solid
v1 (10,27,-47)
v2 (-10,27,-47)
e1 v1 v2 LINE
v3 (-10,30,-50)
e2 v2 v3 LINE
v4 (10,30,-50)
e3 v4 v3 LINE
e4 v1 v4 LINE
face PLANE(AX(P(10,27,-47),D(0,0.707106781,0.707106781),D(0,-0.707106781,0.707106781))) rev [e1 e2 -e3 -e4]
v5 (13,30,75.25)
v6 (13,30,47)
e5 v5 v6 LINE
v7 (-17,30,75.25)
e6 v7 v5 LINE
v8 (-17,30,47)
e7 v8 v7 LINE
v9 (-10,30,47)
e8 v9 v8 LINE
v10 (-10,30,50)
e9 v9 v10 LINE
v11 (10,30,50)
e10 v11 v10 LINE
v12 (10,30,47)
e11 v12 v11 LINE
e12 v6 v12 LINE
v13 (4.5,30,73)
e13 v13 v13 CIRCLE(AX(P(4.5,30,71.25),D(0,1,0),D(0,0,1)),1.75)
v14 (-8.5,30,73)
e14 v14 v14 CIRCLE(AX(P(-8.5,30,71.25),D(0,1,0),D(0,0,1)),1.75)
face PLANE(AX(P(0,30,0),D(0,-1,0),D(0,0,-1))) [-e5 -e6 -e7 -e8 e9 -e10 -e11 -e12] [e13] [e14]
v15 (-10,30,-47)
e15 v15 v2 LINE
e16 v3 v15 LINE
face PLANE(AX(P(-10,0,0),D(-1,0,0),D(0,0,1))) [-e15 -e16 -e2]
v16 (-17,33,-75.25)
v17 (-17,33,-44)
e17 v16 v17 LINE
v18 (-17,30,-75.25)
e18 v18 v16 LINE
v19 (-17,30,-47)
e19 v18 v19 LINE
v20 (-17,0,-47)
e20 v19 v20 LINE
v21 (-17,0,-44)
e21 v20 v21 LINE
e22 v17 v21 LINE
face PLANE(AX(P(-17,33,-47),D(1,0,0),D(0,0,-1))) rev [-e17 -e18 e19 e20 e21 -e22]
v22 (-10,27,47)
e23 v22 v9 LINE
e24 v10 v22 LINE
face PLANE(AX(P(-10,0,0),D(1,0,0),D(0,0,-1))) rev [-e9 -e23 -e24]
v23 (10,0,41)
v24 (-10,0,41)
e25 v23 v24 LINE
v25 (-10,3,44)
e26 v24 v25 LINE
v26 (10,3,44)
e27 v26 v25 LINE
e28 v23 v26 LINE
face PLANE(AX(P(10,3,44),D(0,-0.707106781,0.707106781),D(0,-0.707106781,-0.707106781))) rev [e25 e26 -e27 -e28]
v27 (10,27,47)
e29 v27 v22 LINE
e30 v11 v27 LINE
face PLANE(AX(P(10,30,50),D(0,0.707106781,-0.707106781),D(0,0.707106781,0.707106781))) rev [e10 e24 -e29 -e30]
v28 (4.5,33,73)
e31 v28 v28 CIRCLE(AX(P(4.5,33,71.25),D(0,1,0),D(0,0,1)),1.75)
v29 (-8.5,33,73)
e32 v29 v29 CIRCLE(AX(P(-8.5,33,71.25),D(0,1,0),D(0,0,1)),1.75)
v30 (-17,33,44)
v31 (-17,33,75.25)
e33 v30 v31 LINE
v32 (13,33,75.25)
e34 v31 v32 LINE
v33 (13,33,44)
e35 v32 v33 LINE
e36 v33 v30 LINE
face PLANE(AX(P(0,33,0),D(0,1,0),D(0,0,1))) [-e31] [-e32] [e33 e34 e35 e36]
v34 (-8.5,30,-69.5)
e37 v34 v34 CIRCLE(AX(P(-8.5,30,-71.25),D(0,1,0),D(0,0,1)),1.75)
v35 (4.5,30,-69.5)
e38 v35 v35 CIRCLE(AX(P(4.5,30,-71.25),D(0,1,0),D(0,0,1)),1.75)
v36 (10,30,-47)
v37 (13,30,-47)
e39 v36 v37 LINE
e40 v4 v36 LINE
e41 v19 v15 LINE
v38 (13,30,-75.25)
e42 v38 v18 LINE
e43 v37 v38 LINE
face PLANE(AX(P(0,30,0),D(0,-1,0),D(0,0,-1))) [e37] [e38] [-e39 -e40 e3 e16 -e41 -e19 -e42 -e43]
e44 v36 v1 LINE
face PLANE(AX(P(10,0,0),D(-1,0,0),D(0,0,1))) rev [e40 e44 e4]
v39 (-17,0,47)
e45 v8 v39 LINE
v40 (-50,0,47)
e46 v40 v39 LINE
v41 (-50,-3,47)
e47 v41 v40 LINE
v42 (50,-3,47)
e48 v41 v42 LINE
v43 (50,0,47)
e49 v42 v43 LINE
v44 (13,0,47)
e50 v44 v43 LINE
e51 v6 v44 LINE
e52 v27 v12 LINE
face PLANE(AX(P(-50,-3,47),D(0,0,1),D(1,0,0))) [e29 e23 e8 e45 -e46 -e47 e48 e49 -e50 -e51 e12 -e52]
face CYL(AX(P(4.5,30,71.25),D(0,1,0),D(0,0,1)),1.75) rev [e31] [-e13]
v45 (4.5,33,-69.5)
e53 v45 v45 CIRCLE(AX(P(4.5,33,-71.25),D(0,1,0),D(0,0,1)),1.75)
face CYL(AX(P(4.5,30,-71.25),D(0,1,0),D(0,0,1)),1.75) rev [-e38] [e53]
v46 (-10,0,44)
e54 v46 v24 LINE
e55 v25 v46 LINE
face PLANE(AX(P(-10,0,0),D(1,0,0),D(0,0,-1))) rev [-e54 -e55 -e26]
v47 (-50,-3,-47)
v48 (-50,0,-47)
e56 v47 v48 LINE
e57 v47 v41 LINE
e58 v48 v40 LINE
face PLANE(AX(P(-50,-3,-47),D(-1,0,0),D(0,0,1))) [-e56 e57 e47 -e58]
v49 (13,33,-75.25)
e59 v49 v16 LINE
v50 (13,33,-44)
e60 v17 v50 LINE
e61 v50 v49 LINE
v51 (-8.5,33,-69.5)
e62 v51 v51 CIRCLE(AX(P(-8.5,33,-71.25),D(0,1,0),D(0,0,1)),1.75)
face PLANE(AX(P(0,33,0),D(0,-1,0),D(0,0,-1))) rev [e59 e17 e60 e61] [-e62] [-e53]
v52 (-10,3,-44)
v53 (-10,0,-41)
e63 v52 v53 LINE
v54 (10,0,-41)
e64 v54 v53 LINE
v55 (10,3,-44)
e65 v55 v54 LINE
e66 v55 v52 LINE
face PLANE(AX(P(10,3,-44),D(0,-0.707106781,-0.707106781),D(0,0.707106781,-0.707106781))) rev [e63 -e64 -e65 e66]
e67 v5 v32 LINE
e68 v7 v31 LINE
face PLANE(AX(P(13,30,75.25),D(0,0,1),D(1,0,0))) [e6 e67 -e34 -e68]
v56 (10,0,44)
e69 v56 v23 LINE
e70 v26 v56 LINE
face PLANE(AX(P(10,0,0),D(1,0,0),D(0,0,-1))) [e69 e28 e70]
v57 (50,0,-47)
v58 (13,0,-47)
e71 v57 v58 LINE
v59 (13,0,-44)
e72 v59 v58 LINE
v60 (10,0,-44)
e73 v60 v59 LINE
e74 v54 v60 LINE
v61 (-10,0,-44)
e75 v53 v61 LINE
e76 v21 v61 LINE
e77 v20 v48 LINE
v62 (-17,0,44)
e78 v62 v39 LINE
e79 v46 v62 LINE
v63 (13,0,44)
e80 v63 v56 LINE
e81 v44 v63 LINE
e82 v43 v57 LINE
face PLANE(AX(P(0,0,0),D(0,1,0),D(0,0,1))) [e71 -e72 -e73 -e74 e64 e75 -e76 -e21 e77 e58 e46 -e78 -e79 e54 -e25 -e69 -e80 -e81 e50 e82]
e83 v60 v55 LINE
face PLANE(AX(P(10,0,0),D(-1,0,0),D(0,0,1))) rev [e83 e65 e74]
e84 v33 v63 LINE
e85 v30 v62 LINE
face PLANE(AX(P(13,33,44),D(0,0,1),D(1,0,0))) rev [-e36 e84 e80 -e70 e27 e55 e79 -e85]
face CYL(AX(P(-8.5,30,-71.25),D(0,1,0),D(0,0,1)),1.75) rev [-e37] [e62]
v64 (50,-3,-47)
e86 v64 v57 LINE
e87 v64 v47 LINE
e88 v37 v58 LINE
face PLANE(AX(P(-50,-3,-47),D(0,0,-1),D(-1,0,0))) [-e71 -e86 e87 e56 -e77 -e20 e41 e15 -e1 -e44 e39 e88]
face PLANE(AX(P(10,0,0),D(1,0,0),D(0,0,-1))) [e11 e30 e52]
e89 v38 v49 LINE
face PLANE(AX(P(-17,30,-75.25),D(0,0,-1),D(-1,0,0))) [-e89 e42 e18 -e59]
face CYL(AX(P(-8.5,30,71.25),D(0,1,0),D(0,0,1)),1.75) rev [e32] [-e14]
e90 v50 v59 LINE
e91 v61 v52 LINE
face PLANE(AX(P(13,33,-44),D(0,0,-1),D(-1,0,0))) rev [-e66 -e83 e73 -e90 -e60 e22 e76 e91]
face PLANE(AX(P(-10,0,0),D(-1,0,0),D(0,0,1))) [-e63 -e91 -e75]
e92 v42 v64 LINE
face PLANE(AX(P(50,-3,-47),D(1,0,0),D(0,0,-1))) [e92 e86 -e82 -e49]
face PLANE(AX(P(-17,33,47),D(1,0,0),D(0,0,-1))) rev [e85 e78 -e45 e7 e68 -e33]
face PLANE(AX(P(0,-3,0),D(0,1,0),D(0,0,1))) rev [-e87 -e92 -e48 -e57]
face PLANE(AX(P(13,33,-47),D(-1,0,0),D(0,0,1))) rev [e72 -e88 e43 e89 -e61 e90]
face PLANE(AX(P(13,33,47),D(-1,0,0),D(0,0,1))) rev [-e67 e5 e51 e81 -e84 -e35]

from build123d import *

# Parameters (mm, degrees)
SKETCH1_W           = 100
SKETCH1_H           = 94
BOSS_EXTRUDE1_DEPTH = 3
SKETCH2_W           = 30
SKETCH2_H           = 3
BOSS_EXTRUDE2_DEPTH = 33
BOSS_EXTRUDE3_DEPTH = 10
SKETCH4_W           = 30
SKETCH4_H           = 28.25
SKETCH4_R           = 1.75
BOSS_EXTRUDE4_DEPTH = 3


with BuildPart() as part:
    # Sketch1 → Boss-Extrude1 (new body)
    with BuildSketch(Plane(origin=(0, 0, 0), x_dir=(1, 0, 0), z_dir=(0, 1, 0))):
        Rectangle(SKETCH1_W, SKETCH1_H)
    extrude(amount=-BOSS_EXTRUDE1_DEPTH)

    # Sketch2 → Boss-Extrude2 (add)
    with BuildSketch(Plane(origin=(0, 0, 0), x_dir=(1, 0, 0), z_dir=(0, 1, 0))):
        with Locations((-2, 45.5)):
            Rectangle(SKETCH2_W, SKETCH2_H)
        with Locations((-2, -45.5)):
            Rectangle(SKETCH2_W, SKETCH2_H)
    extrude(amount=BOSS_EXTRUDE2_DEPTH)

    # Sketch3 → Boss-Extrude3 (add, symmetric)
    with BuildSketch(Plane(origin=(0, 0, 0), x_dir=(0, 0, -1), z_dir=(1, 0, 0))):
        Polygon((-44, 3), (-41, 0), (-44, 0), align=None)
        Polygon((44, 3), (41, 0), (44, 0), align=None)
        Polygon((-47, 30), (-50, 30), (-47, 27), align=None)
        Polygon((47, 30), (47, 27), (50, 30), align=None)
    extrude(amount=BOSS_EXTRUDE3_DEPTH, both=True)

    # Sketch4 → Boss-Extrude4 (add)
    # profile 1 of 2: a face of its own
    with BuildSketch(Plane(origin=(0, 33, 0), x_dir=(1, 0, 0), z_dir=(0, 1, 0))):
        with Locations((-2, 61.125)):
            Rectangle(SKETCH4_W, SKETCH4_H)
        with Locations(Location((-8.5, 71.25, 0), (0, 0, 270))):
            Circle(SKETCH4_R, mode=Mode.SUBTRACT)
        with Locations(Location((4.5, 71.25, 0), (0, 0, 270))):
            Circle(SKETCH4_R, mode=Mode.SUBTRACT)
    # profile 2 of 2: a face of its own
    with BuildSketch(Plane(origin=(0, 33, 0), x_dir=(1, 0, 0), z_dir=(0, 1, 0))):
        with Locations((-2, -61.125)):
            Rectangle(SKETCH4_W, SKETCH4_H)
        with Locations(Location((-8.5, -71.25, 0), (0, 0, 270))):
            Circle(SKETCH4_R, mode=Mode.SUBTRACT)
        with Locations(Location((4.5, -71.25, 0), (0, 0, 270))):
            Circle(SKETCH4_R, mode=Mode.SUBTRACT)
    extrude(amount=-BOSS_EXTRUDE4_DEPTH)


solid = part.part
